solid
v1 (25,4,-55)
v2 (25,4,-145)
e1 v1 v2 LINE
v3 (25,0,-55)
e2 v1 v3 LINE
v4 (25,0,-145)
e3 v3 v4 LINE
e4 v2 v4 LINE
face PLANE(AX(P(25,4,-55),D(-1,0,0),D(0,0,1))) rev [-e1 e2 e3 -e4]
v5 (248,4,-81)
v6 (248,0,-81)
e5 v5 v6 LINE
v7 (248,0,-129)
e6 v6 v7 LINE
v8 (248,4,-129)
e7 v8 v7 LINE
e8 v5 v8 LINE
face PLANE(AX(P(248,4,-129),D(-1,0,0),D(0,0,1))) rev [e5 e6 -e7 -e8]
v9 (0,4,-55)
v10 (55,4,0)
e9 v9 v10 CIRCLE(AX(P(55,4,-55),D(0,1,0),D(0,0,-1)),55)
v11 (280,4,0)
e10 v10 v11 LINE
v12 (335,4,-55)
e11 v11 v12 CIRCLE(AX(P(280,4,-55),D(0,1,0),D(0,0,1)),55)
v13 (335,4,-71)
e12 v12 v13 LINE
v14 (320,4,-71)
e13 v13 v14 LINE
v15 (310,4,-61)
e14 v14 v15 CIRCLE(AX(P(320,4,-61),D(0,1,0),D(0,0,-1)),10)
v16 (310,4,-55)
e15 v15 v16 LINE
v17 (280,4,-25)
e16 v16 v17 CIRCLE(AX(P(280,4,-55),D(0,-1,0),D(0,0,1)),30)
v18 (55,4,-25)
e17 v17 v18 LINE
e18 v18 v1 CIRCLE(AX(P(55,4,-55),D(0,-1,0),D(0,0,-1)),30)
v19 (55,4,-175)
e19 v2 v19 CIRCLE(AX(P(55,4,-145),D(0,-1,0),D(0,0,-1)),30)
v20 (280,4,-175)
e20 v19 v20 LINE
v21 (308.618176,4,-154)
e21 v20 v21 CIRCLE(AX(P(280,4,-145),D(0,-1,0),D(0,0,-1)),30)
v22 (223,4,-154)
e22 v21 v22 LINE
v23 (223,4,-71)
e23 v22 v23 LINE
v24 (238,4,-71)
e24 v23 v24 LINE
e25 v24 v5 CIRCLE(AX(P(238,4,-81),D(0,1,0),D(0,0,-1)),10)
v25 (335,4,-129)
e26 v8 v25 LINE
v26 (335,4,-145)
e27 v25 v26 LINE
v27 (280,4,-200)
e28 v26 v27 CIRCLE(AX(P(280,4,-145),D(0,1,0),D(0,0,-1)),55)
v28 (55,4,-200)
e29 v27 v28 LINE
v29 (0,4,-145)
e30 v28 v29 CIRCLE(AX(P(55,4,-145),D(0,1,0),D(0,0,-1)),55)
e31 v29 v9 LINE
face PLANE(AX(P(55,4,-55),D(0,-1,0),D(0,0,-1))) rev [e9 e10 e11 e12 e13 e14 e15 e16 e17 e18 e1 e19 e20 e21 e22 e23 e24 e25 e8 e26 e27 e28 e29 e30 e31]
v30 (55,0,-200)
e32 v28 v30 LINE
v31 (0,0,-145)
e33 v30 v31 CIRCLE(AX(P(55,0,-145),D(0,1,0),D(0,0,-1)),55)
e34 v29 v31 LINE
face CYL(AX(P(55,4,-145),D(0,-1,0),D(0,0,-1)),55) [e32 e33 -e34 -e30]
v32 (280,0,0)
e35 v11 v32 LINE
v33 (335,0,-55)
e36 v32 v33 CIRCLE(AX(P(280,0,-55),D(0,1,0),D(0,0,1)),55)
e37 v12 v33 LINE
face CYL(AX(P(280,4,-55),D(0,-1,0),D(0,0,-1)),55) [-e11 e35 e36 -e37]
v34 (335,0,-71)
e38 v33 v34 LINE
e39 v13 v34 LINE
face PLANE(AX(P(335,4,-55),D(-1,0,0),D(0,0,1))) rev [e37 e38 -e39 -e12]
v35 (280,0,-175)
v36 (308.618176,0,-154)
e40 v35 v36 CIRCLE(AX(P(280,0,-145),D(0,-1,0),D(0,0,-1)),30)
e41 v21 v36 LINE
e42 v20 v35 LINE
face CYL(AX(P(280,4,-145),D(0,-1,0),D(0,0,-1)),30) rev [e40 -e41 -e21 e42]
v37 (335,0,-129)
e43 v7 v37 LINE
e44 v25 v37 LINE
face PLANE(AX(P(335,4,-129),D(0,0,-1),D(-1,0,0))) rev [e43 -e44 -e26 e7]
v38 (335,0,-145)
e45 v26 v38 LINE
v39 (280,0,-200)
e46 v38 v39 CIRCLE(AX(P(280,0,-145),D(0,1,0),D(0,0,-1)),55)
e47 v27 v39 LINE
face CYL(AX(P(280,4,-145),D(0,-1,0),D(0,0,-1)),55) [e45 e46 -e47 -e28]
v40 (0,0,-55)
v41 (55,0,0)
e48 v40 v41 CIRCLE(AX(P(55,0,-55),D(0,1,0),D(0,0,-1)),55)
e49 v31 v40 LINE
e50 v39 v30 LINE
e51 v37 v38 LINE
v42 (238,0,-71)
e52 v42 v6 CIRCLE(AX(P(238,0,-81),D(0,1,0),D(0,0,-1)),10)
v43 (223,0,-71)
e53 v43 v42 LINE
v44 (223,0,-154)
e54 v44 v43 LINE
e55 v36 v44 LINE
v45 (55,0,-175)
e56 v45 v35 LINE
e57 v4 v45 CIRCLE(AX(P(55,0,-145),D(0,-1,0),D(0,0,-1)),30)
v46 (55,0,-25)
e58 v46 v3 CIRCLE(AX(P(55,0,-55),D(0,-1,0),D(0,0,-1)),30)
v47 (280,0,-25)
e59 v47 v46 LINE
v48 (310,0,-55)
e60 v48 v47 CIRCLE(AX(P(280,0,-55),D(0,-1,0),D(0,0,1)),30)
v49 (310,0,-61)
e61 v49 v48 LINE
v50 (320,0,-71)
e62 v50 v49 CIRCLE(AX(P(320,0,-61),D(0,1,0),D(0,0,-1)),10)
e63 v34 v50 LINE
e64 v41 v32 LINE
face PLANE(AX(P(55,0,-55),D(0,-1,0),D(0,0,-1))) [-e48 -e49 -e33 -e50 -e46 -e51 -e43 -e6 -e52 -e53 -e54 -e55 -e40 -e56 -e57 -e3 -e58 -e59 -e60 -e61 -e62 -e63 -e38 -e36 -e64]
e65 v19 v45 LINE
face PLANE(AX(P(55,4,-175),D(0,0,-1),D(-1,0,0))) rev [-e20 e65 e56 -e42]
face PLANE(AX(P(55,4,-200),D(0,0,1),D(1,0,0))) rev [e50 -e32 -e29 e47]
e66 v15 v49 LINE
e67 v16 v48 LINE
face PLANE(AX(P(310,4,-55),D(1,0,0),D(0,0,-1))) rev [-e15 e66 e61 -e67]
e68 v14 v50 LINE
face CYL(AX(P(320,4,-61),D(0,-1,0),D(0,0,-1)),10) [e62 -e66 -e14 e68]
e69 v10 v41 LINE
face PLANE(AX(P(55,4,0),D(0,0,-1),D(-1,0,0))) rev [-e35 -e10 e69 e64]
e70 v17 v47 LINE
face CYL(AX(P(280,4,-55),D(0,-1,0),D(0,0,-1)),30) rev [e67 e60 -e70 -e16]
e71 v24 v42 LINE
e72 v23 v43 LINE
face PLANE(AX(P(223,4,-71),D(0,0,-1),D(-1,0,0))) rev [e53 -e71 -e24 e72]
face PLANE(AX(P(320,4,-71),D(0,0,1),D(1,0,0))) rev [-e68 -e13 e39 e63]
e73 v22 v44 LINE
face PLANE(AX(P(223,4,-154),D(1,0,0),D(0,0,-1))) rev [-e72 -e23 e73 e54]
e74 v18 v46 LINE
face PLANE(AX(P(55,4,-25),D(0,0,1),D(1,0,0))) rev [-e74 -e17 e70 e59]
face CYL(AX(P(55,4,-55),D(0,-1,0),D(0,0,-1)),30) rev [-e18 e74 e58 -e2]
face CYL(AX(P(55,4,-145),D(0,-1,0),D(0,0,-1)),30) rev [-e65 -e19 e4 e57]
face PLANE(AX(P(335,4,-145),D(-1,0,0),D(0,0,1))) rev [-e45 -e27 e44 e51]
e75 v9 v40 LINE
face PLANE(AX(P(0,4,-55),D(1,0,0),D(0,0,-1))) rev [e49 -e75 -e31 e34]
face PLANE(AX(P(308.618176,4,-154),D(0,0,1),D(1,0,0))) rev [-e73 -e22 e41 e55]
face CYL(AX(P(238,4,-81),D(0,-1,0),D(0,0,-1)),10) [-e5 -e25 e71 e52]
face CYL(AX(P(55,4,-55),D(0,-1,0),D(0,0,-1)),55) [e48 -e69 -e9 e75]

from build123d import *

# Parameters (mm, degrees)
BOSS_EXTRUDE1_DEPTH = 4


with BuildPart() as part:
    # Sketch1 → Boss-Extrude1 (new body)
    with BuildSketch(Plane(origin=(0, 0, 0), x_dir=(1, 0, 0), z_dir=(0, 1, 0))):
        with BuildLine():
            Line((223, 154), (223, 71))
            Line((223, 71), (238, 71))
            ThreePointArc((238, 71), (245.071067812, 73.928932188), (248, 81))
            Line((248, 81), (248, 129))
            Line((248, 129), (335, 129))
            Line((335, 129), (335, 145))
            ThreePointArc((335, 145), (318.890872965, 183.890872965), (280, 200))
            Line((280, 200), (55, 200))
            ThreePointArc((55, 200), (16.109127035, 183.890872965), (0, 145))
            Line((0, 145), (0, 55))
            ThreePointArc((0, 55), (16.109127035, 16.109127035), (55, 0))
            Line((55, 0), (280, 0))
            ThreePointArc((280, 0), (318.890872965, 16.109127035), (335, 55))
            Line((335, 55), (335, 71))
            Line((335, 71), (320, 71))
            ThreePointArc((320, 71), (312.928932188, 68.071067812), (310, 61))
            Line((310, 61), (310, 55))
            ThreePointArc((310, 55), (301.213203436, 33.786796564), (280, 25))
            Line((280, 25), (55, 25))
            ThreePointArc((55, 25), (33.786796564, 33.786796564), (25, 55))
            Line((25, 55), (25, 145))
            ThreePointArc((25, 145), (33.786796564, 166.213203436), (55, 175))
            Line((55, 175), (280, 175))
            ThreePointArc((280, 175), (297.748239349, 169.186773245), (308.618176043, 154))
            Line((308.618176043, 154), (223, 154))
        make_face()
    extrude(amount=BOSS_EXTRUDE1_DEPTH)


solid = part.part
